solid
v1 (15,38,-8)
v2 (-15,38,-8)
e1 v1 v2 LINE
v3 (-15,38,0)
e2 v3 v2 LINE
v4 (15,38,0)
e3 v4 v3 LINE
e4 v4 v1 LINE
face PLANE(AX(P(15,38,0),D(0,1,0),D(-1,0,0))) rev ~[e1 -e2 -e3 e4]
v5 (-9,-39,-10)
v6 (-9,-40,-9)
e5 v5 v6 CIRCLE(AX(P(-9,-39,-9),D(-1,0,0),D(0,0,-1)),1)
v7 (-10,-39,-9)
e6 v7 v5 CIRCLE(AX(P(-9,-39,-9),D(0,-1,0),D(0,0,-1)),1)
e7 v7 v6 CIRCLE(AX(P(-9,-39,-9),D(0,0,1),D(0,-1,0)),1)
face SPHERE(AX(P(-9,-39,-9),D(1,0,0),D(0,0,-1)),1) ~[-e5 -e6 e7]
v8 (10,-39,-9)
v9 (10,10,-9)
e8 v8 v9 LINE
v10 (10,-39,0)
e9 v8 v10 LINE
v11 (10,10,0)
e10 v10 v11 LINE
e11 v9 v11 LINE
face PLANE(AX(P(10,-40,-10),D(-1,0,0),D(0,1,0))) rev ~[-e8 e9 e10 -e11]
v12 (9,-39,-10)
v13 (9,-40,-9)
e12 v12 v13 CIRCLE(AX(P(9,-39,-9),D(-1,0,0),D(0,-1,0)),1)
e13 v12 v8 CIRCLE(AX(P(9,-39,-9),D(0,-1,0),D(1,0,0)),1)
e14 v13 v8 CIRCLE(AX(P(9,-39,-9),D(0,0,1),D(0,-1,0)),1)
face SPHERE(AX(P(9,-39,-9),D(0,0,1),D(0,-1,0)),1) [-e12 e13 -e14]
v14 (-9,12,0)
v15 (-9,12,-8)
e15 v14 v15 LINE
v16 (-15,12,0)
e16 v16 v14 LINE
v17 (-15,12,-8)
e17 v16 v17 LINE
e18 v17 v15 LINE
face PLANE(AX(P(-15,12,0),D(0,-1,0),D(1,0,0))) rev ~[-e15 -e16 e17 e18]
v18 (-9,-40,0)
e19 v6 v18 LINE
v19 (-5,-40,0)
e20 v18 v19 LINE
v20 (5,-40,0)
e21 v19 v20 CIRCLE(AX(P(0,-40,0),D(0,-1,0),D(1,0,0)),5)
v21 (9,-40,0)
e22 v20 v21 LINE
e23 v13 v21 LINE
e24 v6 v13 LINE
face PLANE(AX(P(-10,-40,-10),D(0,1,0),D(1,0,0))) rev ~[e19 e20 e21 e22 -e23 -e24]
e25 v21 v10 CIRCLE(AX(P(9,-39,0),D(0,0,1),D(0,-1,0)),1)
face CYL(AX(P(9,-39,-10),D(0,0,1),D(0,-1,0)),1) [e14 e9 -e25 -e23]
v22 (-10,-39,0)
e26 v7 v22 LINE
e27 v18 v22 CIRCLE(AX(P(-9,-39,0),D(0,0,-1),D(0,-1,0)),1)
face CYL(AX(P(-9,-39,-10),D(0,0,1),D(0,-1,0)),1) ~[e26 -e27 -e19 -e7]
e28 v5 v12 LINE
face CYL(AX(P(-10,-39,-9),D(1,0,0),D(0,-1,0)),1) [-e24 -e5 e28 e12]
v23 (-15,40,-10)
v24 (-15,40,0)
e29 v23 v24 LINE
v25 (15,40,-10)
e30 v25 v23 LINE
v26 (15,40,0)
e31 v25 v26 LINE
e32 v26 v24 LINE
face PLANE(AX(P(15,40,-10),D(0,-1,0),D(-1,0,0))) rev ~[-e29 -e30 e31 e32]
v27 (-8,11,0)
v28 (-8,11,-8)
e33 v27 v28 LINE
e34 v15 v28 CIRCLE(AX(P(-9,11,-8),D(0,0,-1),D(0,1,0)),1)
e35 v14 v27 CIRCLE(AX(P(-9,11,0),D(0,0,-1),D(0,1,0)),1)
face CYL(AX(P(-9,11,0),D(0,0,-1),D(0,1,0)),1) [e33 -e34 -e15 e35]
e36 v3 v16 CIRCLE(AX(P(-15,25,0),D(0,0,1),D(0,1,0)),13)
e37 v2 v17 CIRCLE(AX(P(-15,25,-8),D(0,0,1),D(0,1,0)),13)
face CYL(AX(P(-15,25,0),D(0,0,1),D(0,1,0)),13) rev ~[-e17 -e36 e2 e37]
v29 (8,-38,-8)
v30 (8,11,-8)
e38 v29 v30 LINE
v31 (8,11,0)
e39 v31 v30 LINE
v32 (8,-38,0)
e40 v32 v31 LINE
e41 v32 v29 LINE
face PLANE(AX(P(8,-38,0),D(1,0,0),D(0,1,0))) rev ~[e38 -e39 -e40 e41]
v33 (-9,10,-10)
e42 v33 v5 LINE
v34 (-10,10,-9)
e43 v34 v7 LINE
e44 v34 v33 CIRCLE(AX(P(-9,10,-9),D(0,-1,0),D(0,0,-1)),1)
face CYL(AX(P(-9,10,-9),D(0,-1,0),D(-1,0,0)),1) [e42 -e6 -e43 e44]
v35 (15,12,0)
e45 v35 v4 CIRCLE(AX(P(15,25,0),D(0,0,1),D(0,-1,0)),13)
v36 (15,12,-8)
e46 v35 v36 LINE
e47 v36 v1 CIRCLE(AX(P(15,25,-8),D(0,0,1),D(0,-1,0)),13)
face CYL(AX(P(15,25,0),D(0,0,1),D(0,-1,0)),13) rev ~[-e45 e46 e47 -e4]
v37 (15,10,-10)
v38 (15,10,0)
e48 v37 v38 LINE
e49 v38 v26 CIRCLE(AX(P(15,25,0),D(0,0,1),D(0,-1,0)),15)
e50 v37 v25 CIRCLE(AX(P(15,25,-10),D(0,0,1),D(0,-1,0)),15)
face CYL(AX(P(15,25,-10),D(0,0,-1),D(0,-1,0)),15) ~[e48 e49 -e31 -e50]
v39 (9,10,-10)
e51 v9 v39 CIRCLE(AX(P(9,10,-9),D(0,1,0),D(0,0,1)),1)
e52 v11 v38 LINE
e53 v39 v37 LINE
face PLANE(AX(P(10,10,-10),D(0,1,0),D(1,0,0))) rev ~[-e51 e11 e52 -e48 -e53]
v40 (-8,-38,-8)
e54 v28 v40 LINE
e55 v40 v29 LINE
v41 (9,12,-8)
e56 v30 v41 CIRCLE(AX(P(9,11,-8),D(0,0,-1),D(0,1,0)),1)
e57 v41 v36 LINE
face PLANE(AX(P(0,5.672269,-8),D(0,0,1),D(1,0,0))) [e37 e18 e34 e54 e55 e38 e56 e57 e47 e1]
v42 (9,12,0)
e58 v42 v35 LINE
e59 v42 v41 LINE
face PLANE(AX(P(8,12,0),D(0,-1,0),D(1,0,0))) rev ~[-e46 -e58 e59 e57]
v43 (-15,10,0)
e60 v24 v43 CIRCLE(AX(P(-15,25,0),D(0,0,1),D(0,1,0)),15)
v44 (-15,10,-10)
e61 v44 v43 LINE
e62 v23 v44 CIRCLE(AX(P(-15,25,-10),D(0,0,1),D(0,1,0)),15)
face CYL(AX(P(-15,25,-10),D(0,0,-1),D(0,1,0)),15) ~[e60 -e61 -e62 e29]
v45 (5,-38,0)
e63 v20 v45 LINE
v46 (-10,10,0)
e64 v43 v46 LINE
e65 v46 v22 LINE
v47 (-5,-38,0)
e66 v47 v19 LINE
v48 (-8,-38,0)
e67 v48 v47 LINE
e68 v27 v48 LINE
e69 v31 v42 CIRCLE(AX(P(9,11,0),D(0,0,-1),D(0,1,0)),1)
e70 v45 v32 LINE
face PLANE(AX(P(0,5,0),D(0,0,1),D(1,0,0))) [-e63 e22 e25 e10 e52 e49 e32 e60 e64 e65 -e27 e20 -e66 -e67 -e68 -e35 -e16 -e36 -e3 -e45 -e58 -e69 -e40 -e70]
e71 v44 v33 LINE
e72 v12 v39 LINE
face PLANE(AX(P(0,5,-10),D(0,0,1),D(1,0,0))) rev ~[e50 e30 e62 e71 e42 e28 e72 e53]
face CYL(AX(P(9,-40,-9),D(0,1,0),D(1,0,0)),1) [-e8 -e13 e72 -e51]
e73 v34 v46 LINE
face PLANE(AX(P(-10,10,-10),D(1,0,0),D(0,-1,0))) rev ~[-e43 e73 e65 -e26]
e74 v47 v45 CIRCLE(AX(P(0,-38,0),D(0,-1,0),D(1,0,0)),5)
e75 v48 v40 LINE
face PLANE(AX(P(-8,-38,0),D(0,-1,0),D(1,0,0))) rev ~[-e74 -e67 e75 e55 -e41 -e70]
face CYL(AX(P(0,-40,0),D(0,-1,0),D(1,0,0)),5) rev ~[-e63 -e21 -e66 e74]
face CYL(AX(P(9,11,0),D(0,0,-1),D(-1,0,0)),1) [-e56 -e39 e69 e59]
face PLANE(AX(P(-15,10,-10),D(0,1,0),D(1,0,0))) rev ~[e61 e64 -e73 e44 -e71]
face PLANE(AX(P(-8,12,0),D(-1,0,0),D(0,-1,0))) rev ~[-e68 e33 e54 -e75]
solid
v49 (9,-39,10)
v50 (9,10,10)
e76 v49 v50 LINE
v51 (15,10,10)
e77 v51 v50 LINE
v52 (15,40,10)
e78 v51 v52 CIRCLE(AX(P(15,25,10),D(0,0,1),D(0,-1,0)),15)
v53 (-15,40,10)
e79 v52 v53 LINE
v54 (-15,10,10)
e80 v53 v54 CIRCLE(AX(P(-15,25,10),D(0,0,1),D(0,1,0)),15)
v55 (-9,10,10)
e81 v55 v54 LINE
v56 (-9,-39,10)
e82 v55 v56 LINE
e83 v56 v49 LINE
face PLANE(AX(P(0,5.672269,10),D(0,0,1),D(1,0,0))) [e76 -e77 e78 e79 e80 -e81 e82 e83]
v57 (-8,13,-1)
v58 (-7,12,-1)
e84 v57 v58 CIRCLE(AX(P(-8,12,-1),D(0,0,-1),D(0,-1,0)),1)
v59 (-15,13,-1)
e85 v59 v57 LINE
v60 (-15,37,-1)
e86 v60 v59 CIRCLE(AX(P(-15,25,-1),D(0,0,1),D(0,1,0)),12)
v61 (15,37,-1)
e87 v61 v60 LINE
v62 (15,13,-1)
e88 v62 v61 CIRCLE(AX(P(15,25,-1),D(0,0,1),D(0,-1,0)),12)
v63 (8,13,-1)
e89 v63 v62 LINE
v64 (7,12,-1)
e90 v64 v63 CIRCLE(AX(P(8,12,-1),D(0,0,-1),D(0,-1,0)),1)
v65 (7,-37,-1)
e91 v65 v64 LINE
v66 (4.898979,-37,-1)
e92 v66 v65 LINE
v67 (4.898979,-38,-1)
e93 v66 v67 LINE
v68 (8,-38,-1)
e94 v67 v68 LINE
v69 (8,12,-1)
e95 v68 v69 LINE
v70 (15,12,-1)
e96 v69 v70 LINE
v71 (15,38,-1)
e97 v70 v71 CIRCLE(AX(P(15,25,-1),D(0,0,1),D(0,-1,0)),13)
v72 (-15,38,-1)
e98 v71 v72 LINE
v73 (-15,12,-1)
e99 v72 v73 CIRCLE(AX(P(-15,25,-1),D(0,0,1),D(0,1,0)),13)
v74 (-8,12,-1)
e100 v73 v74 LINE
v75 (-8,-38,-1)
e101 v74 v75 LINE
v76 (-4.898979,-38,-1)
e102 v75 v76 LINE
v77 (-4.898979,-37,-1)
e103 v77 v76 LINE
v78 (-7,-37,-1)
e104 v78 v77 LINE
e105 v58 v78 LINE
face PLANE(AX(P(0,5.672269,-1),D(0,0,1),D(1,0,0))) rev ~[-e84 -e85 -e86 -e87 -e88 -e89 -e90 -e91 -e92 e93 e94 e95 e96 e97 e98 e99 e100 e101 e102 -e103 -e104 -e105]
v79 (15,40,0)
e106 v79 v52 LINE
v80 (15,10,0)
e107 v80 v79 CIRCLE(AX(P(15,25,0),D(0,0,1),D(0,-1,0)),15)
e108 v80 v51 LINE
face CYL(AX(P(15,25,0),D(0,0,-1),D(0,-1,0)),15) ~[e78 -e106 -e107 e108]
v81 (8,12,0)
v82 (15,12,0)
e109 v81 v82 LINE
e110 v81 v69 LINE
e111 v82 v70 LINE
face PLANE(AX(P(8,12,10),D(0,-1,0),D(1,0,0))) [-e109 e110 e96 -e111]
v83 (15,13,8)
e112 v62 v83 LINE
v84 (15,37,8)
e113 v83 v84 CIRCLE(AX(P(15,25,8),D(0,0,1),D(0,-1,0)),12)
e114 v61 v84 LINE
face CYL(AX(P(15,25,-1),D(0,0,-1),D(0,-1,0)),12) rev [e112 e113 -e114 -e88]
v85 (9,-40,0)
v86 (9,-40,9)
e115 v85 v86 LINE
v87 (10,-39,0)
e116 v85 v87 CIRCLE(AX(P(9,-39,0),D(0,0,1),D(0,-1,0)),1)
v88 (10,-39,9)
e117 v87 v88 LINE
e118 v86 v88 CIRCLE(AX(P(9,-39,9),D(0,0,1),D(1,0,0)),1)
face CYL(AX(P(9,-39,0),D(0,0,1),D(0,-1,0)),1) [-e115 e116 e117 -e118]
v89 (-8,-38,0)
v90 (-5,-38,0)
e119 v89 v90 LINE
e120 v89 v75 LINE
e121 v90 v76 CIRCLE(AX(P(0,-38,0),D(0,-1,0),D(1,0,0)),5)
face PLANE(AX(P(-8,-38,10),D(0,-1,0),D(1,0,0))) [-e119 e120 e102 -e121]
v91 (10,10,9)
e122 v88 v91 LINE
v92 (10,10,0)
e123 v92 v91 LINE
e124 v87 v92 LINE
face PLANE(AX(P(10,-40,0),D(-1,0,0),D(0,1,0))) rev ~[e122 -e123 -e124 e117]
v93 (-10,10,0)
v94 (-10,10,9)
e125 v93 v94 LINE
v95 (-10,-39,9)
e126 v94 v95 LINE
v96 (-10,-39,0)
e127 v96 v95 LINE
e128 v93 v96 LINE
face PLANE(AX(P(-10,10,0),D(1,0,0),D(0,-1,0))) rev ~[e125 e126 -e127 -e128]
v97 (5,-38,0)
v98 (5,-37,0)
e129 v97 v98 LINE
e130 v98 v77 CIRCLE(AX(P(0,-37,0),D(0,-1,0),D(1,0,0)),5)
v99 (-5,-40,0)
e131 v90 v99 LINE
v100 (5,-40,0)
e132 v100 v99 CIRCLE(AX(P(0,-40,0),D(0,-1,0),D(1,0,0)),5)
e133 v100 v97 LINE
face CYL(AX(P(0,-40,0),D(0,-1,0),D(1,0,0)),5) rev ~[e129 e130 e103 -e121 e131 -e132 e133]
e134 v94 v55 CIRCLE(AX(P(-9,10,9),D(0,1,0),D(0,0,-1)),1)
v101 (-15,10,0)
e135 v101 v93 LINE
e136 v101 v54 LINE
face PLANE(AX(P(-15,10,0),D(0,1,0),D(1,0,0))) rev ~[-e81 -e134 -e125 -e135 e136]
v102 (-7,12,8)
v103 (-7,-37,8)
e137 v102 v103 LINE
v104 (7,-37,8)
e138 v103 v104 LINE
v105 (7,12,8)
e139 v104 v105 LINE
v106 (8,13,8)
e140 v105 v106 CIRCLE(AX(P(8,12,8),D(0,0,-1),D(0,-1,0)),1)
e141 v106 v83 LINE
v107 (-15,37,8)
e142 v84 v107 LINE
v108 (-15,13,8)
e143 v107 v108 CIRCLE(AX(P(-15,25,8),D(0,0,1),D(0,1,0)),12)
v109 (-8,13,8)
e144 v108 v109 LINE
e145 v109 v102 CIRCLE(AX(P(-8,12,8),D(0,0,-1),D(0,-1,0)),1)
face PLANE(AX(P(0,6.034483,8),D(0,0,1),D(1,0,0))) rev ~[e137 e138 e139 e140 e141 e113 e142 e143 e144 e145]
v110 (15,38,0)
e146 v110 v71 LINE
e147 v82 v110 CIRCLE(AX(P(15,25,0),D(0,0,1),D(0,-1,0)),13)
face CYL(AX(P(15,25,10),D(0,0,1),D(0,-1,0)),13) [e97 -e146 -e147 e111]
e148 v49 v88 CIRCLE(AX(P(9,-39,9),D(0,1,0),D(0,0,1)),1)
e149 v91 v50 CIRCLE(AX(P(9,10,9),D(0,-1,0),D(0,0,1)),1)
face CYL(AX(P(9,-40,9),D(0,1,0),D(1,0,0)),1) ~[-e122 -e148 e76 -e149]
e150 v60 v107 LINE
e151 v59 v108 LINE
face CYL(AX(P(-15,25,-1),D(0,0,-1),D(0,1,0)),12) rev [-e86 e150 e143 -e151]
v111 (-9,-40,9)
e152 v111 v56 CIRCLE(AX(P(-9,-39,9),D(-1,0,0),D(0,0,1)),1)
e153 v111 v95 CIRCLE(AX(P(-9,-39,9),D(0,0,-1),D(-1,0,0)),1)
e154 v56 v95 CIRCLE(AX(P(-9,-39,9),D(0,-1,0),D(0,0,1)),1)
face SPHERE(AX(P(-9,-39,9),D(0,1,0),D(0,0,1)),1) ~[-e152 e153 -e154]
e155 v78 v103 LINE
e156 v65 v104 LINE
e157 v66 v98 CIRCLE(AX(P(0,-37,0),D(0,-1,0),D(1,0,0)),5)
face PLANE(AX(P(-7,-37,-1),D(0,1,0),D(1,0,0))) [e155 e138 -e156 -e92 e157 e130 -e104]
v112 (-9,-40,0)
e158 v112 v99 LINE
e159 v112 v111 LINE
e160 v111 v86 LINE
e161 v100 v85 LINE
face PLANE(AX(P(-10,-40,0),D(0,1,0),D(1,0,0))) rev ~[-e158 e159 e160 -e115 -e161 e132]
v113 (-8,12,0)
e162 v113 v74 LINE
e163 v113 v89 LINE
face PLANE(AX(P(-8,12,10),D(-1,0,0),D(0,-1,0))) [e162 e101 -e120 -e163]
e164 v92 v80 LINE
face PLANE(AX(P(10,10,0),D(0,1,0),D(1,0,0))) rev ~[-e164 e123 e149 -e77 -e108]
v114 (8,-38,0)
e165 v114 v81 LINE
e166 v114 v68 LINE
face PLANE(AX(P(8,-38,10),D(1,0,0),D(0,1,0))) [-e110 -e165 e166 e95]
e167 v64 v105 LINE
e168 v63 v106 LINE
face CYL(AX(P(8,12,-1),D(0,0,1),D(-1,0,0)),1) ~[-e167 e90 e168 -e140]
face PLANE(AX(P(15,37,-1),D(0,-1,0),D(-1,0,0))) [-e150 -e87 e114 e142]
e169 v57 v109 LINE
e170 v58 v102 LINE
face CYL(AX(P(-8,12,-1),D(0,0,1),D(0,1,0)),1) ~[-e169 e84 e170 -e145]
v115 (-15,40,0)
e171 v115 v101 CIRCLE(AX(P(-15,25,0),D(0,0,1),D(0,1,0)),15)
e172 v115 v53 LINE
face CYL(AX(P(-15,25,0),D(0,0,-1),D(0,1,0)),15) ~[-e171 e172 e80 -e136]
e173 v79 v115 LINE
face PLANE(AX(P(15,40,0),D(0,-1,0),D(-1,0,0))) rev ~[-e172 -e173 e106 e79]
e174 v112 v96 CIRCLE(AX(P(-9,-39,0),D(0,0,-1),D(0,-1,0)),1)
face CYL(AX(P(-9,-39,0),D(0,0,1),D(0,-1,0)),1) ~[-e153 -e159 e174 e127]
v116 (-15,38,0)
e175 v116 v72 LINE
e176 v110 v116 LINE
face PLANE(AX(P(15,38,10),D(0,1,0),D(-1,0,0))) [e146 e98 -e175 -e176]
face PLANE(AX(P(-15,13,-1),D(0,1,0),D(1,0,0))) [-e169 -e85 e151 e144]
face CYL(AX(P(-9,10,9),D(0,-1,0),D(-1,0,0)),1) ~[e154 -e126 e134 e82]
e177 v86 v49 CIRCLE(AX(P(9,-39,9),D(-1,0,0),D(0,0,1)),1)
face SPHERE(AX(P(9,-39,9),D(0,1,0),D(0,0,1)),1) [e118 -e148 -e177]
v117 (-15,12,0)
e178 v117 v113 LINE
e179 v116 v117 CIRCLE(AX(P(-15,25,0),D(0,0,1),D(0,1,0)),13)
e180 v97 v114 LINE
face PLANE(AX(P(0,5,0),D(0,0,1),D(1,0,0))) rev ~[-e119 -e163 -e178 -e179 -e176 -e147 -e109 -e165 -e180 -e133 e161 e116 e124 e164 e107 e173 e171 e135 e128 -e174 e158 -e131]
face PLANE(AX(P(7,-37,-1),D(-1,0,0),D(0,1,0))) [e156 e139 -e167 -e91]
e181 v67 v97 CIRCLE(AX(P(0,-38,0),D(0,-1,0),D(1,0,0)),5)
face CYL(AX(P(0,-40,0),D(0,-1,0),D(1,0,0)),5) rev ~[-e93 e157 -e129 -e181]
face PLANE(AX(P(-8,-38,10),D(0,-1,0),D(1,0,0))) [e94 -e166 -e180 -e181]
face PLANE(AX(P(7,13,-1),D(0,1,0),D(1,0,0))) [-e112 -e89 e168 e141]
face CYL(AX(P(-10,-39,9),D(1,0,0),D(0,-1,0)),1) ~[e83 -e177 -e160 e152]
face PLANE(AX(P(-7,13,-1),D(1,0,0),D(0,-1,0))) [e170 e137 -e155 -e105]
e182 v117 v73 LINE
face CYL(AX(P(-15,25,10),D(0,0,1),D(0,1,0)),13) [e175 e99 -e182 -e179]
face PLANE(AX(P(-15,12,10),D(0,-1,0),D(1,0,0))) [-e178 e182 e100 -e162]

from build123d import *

# Parameters (mm, degrees)
PAD_DEPTH       = 10
PAD002_DEPTH    = 11
POCKET_DEPTH    = 9
SKETCH004_R     = 5
POCKET002_DEPTH = 5
FILLET_R        = 1
FILLET001_R     = 1
PAD001_DEPTH    = 10
POCKET004_DEPTH = 8
POCKET001_DEPTH = 1
SKETCH005_R     = 5
POCKET003_DEPTH = 5
FILLET002_R     = 1
FILLET003_R     = 1


with BuildPart() as bottom:
    # Sketch → Pad (new body)
    with BuildSketch(Plane.XY):
        with BuildLine():
            Line((10, 10), (15, 10))
            ThreePointArc((15, 10), (30, 25), (15, 40))
            Line((15, 40), (-15, 40))
            ThreePointArc((-15, 40), (-30, 25), (-15, 10))
            Line((-15, 10), (-10, 10))
            Line((-10, 10), (-10, -40))
            Line((-10, -40), (10, -40))
            Line((10, -40), (10, 10))
        make_face()
    extrude(amount=PAD_DEPTH)

    # Sketch006 → Pad002 (join)
    with BuildSketch(Plane.XY.offset(10)):
        with BuildLine():
            Line((8, 12), (15, 12))
            ThreePointArc((15, 12), (28, 25), (15, 38))
            Line((15, 38), (-15, 38))
            ThreePointArc((-15, 38), (-28, 25), (-15, 12))
            Line((-15, 12), (-8, 12))
            Line((-8, 12), (-8, -38))
            Line((-8, -38), (8, -38))
            Line((8, -38), (8, 12))
        make_face()
    extrude(amount=-PAD002_DEPTH)

    # Sketch001 → Pocket (cut)
    with BuildSketch(Plane.XY.offset(-1)):
        with BuildLine():
            Line((7, 13), (15, 13))
            ThreePointArc((15, 13), (27, 25), (15, 37))
            Line((15, 37), (-15, 37))
            ThreePointArc((-15, 37), (-27, 25), (-15, 13))
            Line((-15, 13), (-7, 13))
            Line((-7, 13), (-7, -37))
            Line((-7, -37), (7, -37))
            Line((7, -37), (7, 13))
        make_face()
    extrude(amount=POCKET_DEPTH, mode=Mode.SUBTRACT)

    # Sketch004 → Pocket002 (cut)
    with BuildSketch(Plane.XZ.offset(40)):
        Circle(SKETCH004_R)
    extrude(amount=-POCKET002_DEPTH, mode=Mode.SUBTRACT)

    # Fillet
    fillet_edges = [bottom.edges().sort_by_distance(p)[0] for p in [
        (-7, 13, 3.5),
        (7, 13, 3.5),
    ]]
    fillet(fillet_edges, radius=FILLET_R)

    # Fillet001
    fillet001_edges = [bottom.edges().sort_by_distance(p)[0] for p in [
        (10, -15, 10),
        (-10, -15, 10),
        (0, -40, 10),
        (10, -40, 5),
        (-10, -40, 5),
    ]]
    fillet(fillet001_edges, radius=FILLET001_R)


with BuildPart() as top:
    # Sketch003 → Pad001 (new body)
    with BuildSketch(Plane.XY.offset(-10)):
        with BuildLine():
            Line((10, 10), (15, 10))
            ThreePointArc((15, 10), (30, 25), (15, 40))
            Line((15, 40), (-15, 40))
            ThreePointArc((-15, 40), (-30, 25), (-15, 10))
            Line((-15, 10), (-10, 10))
            Line((-10, 10), (-10, -40))
            Line((-10, -40), (10, -40))
            Line((10, -40), (10, 10))
        make_face()
    extrude(amount=PAD001_DEPTH)

    # Sketch007 → Pocket004 (cut)
    with BuildSketch(Plane.XY):
        with BuildLine():
            Line((8, 12), (15, 12))
            ThreePointArc((15, 12), (28, 25), (15, 38))
            Line((15, 38), (-15, 38))
            ThreePointArc((-15, 38), (-28, 25), (-15, 12))
            Line((-15, 12), (-8, 12))
            Line((-8, 12), (-8, -38))
            Line((-8, -38), (8, -38))
            Line((8, -38), (8, 12))
        make_face()
    extrude(amount=-POCKET004_DEPTH, mode=Mode.SUBTRACT)

    # Sketch002 → Pocket001 (cut)
    with BuildSketch(Plane.XY):
        with BuildLine():
            Line((7, 13), (15, 13))
            ThreePointArc((15, 13), (27, 25), (15, 37))
            Line((15, 37), (-15, 37))
            ThreePointArc((-15, 37), (-27, 25), (-15, 13))
            Line((-15, 13), (-7, 13))
            Line((-7, 13), (-7, -37))
            Line((-7, -37), (7, -37))
            Line((7, -37), (7, 13))
        make_face()
    extrude(amount=-POCKET001_DEPTH, mode=Mode.SUBTRACT)

    # Sketch005 → Pocket003 (cut)
    with BuildSketch(Plane.XZ.offset(40)):
        Circle(SKETCH005_R)
    extrude(amount=-POCKET003_DEPTH, mode=Mode.SUBTRACT)

    # Fillet002
    fillet002_edges = [top.edges().sort_by_distance(p)[0] for p in [
        (-8, 12, -4),
        (8, 12, -4),
    ]]
    fillet(fillet002_edges, radius=FILLET002_R)

    # Fillet003
    fillet003_edges = [top.edges().sort_by_distance(p)[0] for p in [
        (10, -40, -5),
        (0, -40, -10),
        (-10, -15, -10),
        (-10, -40, -5),
        (10, -15, -10),
    ]]
    fillet(fillet003_edges, radius=FILLET003_R)


solid = Compound([bottom.part, top.part])
